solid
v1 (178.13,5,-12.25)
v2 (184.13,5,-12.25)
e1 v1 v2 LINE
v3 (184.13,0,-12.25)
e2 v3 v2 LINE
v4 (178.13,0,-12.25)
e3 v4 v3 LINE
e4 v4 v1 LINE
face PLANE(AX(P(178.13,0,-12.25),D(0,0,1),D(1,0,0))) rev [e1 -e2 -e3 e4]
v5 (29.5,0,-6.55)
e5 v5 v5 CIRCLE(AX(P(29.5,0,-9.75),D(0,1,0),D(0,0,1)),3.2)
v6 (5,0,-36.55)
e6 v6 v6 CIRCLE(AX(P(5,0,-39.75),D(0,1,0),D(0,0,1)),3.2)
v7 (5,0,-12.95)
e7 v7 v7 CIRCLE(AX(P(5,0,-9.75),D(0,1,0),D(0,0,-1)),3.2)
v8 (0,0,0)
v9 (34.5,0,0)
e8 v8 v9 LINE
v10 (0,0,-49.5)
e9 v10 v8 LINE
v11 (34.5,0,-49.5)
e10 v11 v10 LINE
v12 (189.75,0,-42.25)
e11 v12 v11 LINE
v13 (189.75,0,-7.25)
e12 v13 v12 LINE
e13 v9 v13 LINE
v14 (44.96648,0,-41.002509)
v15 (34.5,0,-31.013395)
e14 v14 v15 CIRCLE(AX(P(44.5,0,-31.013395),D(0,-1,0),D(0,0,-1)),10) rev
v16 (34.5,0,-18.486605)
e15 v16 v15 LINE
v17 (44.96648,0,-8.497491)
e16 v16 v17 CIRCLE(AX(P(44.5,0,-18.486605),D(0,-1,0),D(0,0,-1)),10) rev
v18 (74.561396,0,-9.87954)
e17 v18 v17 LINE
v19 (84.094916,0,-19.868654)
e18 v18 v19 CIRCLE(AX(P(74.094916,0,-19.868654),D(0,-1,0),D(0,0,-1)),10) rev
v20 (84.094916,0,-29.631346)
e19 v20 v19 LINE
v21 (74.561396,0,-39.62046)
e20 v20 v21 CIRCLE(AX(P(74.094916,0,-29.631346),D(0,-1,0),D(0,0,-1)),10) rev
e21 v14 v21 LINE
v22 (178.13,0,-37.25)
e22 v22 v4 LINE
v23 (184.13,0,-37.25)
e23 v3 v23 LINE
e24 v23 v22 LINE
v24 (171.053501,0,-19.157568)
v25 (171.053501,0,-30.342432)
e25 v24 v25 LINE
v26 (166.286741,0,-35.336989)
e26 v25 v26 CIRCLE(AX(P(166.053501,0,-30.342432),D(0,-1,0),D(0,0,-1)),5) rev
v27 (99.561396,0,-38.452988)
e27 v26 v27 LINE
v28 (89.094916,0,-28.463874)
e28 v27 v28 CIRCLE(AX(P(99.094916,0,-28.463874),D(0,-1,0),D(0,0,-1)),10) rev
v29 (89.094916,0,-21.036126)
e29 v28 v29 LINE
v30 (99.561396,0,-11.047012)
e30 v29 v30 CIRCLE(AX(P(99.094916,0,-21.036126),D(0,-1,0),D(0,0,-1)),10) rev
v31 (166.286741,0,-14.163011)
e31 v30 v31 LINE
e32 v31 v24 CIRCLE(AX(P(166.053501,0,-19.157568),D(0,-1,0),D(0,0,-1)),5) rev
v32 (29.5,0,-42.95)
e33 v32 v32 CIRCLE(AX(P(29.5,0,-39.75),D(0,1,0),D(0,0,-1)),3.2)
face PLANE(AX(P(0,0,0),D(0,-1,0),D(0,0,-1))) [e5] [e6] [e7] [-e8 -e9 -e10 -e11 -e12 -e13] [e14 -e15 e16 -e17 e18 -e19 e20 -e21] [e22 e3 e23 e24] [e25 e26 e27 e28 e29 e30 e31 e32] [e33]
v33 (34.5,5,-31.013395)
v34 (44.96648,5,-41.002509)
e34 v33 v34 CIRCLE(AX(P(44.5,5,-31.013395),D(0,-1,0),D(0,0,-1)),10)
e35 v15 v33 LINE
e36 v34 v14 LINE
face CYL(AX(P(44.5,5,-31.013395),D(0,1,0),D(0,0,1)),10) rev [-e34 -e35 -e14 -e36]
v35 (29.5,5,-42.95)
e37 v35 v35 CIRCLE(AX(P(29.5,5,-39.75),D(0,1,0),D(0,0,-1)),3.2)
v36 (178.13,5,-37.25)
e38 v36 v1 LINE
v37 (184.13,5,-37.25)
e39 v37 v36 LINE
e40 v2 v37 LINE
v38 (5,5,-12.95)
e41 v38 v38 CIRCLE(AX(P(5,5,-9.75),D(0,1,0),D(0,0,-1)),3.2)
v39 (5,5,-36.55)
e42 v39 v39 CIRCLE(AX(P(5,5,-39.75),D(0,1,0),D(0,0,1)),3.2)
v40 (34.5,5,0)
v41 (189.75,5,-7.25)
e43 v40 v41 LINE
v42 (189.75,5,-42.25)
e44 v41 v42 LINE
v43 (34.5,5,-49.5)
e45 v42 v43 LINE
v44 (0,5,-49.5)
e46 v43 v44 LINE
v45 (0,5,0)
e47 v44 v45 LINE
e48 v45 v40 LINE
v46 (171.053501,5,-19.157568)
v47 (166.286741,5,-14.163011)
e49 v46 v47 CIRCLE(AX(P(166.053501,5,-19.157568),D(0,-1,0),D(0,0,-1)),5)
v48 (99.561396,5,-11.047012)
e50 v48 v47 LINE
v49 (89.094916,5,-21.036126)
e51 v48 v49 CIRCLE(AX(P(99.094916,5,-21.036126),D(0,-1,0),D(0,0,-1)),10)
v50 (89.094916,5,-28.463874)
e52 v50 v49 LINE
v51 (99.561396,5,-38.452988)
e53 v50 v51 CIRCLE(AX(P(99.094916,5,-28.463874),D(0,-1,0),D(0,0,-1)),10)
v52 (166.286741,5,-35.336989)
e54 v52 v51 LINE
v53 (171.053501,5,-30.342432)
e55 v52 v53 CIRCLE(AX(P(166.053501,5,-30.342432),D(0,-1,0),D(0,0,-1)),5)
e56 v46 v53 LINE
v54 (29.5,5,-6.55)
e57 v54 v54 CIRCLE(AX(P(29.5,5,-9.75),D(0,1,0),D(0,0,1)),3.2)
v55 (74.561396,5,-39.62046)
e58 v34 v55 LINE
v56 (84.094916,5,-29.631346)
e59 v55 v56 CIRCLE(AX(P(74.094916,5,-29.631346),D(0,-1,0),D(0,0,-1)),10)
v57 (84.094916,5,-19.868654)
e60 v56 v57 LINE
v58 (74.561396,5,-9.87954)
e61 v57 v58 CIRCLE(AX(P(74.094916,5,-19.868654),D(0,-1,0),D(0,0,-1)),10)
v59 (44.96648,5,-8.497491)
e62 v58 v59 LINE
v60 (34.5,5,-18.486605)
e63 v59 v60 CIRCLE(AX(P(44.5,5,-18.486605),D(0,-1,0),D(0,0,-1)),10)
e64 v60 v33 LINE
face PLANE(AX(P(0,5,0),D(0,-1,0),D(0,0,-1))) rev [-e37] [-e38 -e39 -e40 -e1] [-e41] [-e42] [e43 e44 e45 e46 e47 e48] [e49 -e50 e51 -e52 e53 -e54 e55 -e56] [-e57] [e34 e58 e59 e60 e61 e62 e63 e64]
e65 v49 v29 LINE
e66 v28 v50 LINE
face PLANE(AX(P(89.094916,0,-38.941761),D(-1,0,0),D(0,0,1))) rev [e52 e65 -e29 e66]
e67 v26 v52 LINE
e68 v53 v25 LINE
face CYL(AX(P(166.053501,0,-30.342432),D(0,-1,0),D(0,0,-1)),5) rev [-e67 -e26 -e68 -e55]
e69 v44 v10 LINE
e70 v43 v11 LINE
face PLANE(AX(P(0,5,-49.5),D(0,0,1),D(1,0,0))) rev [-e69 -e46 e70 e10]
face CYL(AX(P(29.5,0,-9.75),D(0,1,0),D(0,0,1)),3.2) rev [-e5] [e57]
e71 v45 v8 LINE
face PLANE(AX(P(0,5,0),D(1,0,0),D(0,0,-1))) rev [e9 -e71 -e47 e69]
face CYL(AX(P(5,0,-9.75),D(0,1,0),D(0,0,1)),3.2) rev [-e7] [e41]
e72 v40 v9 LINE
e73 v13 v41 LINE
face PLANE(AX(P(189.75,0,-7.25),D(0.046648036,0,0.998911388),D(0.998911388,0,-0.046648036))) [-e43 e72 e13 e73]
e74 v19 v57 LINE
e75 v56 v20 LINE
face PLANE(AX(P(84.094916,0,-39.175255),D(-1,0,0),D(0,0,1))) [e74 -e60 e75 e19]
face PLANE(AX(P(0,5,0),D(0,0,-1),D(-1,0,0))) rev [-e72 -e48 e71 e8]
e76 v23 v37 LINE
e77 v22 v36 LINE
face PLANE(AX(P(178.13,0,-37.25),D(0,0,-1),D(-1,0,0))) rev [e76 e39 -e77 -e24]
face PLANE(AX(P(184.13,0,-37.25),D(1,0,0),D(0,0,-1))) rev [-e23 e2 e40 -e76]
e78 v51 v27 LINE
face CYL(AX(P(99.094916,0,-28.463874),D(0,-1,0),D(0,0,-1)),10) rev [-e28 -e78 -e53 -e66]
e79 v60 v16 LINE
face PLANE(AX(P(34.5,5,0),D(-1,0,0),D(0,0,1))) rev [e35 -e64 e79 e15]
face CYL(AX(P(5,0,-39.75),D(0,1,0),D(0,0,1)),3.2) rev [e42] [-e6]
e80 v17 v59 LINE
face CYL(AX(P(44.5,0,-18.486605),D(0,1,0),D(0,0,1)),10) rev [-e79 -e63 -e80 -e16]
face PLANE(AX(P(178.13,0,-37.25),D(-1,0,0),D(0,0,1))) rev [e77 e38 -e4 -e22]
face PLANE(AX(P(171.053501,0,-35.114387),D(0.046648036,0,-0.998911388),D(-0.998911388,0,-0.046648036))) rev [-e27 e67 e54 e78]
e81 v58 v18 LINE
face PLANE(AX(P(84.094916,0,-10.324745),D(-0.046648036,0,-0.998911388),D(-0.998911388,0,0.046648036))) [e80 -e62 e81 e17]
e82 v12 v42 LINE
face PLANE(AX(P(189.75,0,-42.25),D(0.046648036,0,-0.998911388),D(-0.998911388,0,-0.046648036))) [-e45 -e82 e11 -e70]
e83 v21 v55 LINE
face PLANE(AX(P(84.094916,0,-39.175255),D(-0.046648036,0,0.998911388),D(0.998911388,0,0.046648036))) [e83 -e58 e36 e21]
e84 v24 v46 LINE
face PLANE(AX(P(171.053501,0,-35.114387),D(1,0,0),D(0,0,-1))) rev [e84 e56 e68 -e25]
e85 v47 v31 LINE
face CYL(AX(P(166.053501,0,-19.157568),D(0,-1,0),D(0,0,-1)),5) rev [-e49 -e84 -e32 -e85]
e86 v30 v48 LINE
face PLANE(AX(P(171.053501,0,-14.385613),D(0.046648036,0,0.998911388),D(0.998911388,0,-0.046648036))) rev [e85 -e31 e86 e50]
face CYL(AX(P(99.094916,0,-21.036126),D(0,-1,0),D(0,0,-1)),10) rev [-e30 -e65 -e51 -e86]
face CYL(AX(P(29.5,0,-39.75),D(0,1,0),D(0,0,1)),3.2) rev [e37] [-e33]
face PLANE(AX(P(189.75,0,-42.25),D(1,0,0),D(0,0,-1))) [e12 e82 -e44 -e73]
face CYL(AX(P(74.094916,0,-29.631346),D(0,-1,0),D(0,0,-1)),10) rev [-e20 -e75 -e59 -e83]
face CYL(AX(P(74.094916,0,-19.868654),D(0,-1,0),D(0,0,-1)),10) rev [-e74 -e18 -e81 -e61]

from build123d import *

# Parameters (mm, degrees)
SKETCH1_W           = 34.5
SKETCH1_H           = 49.5
BOSS_EXTRUDE1_DEPTH = 5
SKETCH2_R           = 3.2
CUT_EXTRUDE1_DEPTH  = 5
SKETCH3_W           = 6
SKETCH3_H           = 25
BOSS_EXTRUDE2_DEPTH = 5
FILLET1_R           = 10
FILLET2_R           = 5


with BuildPart() as part:
    # Sketch1 → Boss-Extrude1 (new body)
    with BuildSketch(Plane(origin=(0, 0, 0), x_dir=(1, 0, 0), z_dir=(0, 1, 0))):
        with Locations((17.25, 24.75)):
            Rectangle(SKETCH1_W, SKETCH1_H)
    extrude(amount=BOSS_EXTRUDE1_DEPTH)

    # Sketch2 → Cut-Extrude1 (cut)
    with BuildSketch(Plane(origin=(0, 5, 0), x_dir=(1, 0, 0), z_dir=(0, 1, 0))):
        with Locations(Location((5, 39.75, 0), (0, 0, 270))):
            Circle(SKETCH2_R)
        with Locations(Location((5, 9.75, 0), (0, 0, 90))):
            Circle(SKETCH2_R)
        with Locations(Location((29.5, 9.75, 0), (0, 0, 270))):
            Circle(SKETCH2_R)
        with Locations(Location((29.5, 39.75, 0), (0, 0, 90))):
            Circle(SKETCH2_R)
    extrude(amount=-CUT_EXTRUDE1_DEPTH, mode=Mode.SUBTRACT)

    # Sketch3 → Boss-Extrude2 (add)
    with BuildSketch(Plane(origin=(0, 5, 0), x_dir=(1, 0, 0), z_dir=(0, 1, 0))):
        Polygon((189.75, 42.25), (34.5, 49.5), (34.5, 41.491281612), (84.094915791, 39.175254948), (84.094915791, 10.324745052), (34.5, 8.008718388), (34.5, 0), (189.75, 7.25), align=None)
        Polygon((171.053500921, 14.385612956), (89.094915791, 10.558239416), (89.094915791, 38.941760584), (171.053500921, 35.114387044), align=None, mode=Mode.SUBTRACT)
        with Locations((181.13, 24.75)):
            Rectangle(SKETCH3_W, SKETCH3_H, mode=Mode.SUBTRACT)
    extrude(amount=-BOSS_EXTRUDE2_DEPTH)

    # Fillet1
    fillet1_edges = [part.edges().sort_by_distance(p)[0] for p in [
        (34.5, 2.5, -8.008718388),
        (84.094915791, 2.5, -10.324745052),
        (84.094915791, 2.5, -39.175254948),
        (34.5, 2.5, -41.491281612),
        (89.094915791, 2.5, -38.941760584),
        (89.094915791, 2.5, -10.558239416),
    ]]
    fillet(fillet1_edges, radius=FILLET1_R)

    # Fillet2
    fillet2_edges = [part.edges().sort_by_distance(p)[0] for p in [
        (171.053500921, 2.5, -35.114387044),
        (171.053500921, 2.5, -14.385612956),
    ]]
    fillet(fillet2_edges, radius=FILLET2_R)


solid = part.part
